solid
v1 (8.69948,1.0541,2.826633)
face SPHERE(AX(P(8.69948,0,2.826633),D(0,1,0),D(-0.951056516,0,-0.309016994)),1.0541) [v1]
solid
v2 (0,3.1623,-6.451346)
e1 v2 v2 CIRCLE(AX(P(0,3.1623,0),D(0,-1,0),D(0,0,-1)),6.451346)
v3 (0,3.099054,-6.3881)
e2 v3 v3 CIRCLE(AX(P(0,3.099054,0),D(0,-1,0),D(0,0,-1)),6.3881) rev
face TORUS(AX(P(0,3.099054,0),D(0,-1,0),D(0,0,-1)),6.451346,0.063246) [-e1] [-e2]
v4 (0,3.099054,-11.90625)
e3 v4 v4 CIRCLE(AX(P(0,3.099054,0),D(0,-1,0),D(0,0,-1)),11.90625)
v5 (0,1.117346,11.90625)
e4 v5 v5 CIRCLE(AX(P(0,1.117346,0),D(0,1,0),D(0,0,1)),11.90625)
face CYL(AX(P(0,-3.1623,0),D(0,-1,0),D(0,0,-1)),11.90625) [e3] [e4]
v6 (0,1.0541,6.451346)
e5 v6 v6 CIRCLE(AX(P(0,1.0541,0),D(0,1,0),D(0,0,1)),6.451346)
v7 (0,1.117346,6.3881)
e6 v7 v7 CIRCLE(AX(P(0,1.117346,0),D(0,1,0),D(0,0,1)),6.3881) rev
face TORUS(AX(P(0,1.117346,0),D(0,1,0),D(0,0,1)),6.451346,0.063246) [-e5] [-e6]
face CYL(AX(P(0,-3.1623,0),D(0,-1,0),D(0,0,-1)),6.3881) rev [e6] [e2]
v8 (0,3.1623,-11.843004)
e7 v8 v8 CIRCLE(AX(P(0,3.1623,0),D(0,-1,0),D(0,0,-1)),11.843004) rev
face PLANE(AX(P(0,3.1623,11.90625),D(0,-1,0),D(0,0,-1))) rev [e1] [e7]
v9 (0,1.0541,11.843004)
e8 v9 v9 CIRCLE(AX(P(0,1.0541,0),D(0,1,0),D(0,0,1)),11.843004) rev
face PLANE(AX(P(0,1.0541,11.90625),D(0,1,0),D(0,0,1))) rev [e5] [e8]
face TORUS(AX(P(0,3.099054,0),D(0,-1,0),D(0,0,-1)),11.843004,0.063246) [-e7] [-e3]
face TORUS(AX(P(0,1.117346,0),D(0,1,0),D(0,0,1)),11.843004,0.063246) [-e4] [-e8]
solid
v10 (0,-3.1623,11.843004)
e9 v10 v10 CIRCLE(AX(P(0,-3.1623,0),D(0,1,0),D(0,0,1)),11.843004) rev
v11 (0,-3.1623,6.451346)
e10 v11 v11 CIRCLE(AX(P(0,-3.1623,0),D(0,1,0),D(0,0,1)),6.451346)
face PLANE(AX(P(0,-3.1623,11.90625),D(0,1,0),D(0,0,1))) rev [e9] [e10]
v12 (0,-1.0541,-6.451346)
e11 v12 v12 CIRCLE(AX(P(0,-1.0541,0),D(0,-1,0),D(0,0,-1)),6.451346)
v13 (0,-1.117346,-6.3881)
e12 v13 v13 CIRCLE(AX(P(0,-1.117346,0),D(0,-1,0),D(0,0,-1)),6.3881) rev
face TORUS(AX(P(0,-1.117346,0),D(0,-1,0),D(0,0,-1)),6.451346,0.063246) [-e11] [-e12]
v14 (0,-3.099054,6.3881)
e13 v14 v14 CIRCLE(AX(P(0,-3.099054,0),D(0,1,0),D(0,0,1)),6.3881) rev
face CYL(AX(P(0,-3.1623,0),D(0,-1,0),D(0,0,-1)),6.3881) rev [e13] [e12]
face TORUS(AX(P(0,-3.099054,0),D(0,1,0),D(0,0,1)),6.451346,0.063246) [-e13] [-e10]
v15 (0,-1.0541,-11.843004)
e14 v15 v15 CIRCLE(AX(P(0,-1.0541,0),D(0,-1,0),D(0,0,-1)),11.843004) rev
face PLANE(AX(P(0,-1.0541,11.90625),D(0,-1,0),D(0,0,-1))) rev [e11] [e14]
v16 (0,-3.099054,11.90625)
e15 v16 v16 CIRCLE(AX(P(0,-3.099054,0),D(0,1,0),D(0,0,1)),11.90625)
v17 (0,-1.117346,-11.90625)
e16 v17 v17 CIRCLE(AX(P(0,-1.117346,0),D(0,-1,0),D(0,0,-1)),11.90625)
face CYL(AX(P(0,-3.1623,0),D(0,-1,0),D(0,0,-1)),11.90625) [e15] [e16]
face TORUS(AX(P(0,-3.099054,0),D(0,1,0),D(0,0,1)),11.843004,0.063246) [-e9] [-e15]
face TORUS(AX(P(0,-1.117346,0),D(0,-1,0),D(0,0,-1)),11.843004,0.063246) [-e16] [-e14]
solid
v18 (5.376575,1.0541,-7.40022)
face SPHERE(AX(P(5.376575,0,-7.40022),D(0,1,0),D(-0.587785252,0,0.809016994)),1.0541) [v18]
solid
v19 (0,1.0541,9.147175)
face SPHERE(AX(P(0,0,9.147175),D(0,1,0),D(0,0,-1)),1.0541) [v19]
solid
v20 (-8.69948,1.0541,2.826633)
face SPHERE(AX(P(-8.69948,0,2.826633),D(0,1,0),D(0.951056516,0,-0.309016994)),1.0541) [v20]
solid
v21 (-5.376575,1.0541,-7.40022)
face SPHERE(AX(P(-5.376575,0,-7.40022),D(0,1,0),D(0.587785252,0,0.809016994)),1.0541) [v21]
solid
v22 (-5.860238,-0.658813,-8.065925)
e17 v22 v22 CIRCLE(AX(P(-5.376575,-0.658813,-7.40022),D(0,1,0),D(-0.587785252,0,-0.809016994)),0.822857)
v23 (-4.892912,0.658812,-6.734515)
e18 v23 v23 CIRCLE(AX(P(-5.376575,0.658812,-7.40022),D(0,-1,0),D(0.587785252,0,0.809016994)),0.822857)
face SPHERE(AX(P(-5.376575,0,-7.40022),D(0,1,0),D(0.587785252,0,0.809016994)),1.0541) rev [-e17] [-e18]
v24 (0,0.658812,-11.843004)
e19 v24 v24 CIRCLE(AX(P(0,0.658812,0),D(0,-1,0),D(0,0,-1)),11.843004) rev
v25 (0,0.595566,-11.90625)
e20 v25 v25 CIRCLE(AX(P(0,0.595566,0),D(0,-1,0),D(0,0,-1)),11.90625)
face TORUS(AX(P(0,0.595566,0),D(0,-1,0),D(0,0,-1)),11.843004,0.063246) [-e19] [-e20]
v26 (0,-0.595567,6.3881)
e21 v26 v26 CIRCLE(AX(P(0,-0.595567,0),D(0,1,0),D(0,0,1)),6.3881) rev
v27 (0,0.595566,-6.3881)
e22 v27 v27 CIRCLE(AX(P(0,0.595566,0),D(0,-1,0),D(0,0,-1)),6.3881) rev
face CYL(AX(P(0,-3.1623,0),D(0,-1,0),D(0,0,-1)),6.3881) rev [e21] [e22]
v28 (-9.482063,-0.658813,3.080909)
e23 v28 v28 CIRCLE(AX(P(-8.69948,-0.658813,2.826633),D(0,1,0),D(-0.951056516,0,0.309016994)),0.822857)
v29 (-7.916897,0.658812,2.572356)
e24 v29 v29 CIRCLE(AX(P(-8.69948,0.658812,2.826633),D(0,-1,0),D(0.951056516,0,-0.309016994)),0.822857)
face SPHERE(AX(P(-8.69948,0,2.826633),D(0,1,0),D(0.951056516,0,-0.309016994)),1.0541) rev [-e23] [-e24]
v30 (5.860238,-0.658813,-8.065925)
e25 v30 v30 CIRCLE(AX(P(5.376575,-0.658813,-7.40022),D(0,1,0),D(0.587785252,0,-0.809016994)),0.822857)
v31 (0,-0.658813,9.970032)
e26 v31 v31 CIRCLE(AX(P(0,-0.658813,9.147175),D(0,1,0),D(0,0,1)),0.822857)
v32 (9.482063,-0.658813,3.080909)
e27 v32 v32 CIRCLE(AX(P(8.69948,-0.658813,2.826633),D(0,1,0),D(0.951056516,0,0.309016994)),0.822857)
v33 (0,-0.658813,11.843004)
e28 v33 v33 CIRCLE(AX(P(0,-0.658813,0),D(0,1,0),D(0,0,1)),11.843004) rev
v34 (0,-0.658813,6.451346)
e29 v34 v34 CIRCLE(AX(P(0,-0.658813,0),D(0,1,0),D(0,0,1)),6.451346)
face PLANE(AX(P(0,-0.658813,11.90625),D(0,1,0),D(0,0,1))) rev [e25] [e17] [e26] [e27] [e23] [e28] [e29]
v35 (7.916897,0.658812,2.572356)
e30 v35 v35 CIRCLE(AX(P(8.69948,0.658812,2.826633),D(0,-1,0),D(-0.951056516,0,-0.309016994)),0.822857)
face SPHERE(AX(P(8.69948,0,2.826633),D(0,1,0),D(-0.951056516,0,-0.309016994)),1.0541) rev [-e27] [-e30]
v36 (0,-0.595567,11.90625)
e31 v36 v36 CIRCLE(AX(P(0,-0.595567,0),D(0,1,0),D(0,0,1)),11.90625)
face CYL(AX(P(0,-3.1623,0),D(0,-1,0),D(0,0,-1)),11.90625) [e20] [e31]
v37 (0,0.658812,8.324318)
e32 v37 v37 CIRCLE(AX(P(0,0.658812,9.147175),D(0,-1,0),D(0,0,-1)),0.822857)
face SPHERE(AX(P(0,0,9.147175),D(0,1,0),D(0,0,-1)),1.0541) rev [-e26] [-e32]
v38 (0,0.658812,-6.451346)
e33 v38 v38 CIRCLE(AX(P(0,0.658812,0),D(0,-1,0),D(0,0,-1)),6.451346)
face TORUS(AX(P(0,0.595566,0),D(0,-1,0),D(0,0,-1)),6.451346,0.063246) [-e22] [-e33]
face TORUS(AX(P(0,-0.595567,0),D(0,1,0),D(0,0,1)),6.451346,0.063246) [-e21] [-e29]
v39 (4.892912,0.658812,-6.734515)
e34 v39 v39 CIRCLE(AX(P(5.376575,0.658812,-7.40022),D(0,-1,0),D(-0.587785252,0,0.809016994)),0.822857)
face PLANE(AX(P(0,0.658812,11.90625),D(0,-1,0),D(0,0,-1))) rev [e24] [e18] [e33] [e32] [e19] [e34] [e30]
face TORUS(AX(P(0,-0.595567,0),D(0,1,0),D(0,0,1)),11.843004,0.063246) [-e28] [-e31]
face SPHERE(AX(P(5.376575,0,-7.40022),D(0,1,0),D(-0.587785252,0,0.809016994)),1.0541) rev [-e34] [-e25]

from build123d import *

# Parameters (mm, degrees)
SKETCH1_W         = 5.51815
SKETCH1_H         = 1.317625
CIRPATTERN1_COUNT = 5
CIRPATTERN1_ANGLE = 288
CIRPATTERN2_COUNT = 5
SKETCH4_W         = 5.51815
SKETCH4_H         = 2.1082
FILLET1_R         = 0.063246
FILLET2_R         = 0.063246
FILLET3_R         = 0.063246


with BuildPart() as part:
    # Sketch1 → Revolve1 (revolve)
    with BuildSketch(Plane(origin=(0, 0, 0), x_dir=(0, 0, -1), z_dir=(1, 0, 0))):
        with Locations((-9.147175, 0)):
            Rectangle(SKETCH1_W, SKETCH1_H)
    revolve(axis=Axis((0, -3.1623, 0), (0, 1, 0)))

    # Sketch3 → Cut-Revolve1 (revolve, cut)
    with BuildSketch(Plane(origin=(0, 0, 0), x_dir=(0, 0, -1), z_dir=(1, 0, 0))):
        with BuildLine():
            Line((-9.147175, 1.0541), (-9.147175, -1.0541))
            ThreePointArc((-9.147175, -1.0541), (-10.201275, 0), (-9.147175, 1.0541))
        make_face()
    cut_revolve1 = revolve(axis=Axis((0, 1.0541, 9.147175), (0, -1, 0)), mode=Mode.SUBTRACT)

    # CirPattern2: Cut-Revolve1 ×5 about axis
    cirpattern2_axis = Axis((0, 0, 0), (0, 1, 0))
    for i in range(1, CIRPATTERN2_COUNT):
        add(cut_revolve1.rotate(cirpattern2_axis, i * 360 / CIRPATTERN2_COUNT), mode=Mode.SUBTRACT)

    # Fillet2
    fillet2_edges = [part.edges().sort_by_distance(p)[0] for p in [
        (0, 0.6588125, -11.90625),
        (0, 0.6588125, -6.3881),
        (0, -0.6588125, -6.3881),
        (0, -0.6588125, -11.90625),
    ]]
    fillet(fillet2_edges, radius=FILLET2_R)


with BuildPart() as body_2:
    # Sketch2 → Revolve2 (revolve)
    with BuildSketch(Plane(origin=(0, 0, 0), x_dir=(0, 0, -1), z_dir=(1, 0, 0))):
        with BuildLine():
            Line((-9.147175, 1.0541), (-9.147175, -1.0541))
            ThreePointArc((-9.147175, -1.0541), (-10.201275, 0), (-9.147175, 1.0541))
        make_face()
    revolve(axis=Axis((0, 1.0541, 9.147175), (0, -1, 0)))


with BuildPart() as cirpattern1_1:
    # CirPattern1: pattern copy
    add(body_2.part.rotate(Axis((0, 3.1623, 0), (0, -1, 0)), 1 * CIRPATTERN1_ANGLE / (CIRPATTERN1_COUNT - 1)))


with BuildPart() as cirpattern1_2:
    # CirPattern1: pattern copy
    add(body_2.part.rotate(Axis((0, 3.1623, 0), (0, -1, 0)), 2 * CIRPATTERN1_ANGLE / (CIRPATTERN1_COUNT - 1)))


with BuildPart() as cirpattern1_3:
    # CirPattern1: pattern copy
    add(body_2.part.rotate(Axis((0, 3.1623, 0), (0, -1, 0)), 3 * CIRPATTERN1_ANGLE / (CIRPATTERN1_COUNT - 1)))


with BuildPart() as cirpattern1_4:
    # CirPattern1: pattern copy
    add(body_2.part.rotate(Axis((0, 3.1623, 0), (0, -1, 0)), 4 * CIRPATTERN1_ANGLE / (CIRPATTERN1_COUNT - 1)))


with BuildPart() as body_7:
    # Sketch4 → Revolve3 (revolve)
    with BuildSketch(Plane(origin=(0, 0, 0), x_dir=(0, 0, -1), z_dir=(1, 0, 0))):
        with Locations((-9.147175, 2.1082)):
            Rectangle(SKETCH4_W, SKETCH4_H)
        with Locations((-9.147175, -2.1082)):
            Rectangle(SKETCH4_W, SKETCH4_H)
    revolve(axis=Axis((0, -3.1623, 0), (0, 1, 0)))

    # Fillet1
    fillet1_edges = [body_7.edges().sort_by_distance(p)[0] for p in [
        (0, 1.0541, -11.90625),
        (0, 1.0541, -6.3881),
        (0, 3.1623, -6.3881),
        (0, 3.1623, -11.90625),
    ]]
    fillet(fillet1_edges, radius=FILLET1_R)

    # Fillet3
    fillet3_edges = [body_7.edges().sort_by_distance(p)[0] for p in [
        (0, -3.1623, -11.90625),
        (0, -3.1623, -6.3881),
        (0, -1.0541, -6.3881),
        (0, -1.0541, -11.90625),
    ]]
    fillet(fillet3_edges, radius=FILLET3_R)


solid = Compound([part.part, body_2.part, cirpattern1_1.part, cirpattern1_2.part, cirpattern1_3.part, cirpattern1_4.part, body_7.part])
